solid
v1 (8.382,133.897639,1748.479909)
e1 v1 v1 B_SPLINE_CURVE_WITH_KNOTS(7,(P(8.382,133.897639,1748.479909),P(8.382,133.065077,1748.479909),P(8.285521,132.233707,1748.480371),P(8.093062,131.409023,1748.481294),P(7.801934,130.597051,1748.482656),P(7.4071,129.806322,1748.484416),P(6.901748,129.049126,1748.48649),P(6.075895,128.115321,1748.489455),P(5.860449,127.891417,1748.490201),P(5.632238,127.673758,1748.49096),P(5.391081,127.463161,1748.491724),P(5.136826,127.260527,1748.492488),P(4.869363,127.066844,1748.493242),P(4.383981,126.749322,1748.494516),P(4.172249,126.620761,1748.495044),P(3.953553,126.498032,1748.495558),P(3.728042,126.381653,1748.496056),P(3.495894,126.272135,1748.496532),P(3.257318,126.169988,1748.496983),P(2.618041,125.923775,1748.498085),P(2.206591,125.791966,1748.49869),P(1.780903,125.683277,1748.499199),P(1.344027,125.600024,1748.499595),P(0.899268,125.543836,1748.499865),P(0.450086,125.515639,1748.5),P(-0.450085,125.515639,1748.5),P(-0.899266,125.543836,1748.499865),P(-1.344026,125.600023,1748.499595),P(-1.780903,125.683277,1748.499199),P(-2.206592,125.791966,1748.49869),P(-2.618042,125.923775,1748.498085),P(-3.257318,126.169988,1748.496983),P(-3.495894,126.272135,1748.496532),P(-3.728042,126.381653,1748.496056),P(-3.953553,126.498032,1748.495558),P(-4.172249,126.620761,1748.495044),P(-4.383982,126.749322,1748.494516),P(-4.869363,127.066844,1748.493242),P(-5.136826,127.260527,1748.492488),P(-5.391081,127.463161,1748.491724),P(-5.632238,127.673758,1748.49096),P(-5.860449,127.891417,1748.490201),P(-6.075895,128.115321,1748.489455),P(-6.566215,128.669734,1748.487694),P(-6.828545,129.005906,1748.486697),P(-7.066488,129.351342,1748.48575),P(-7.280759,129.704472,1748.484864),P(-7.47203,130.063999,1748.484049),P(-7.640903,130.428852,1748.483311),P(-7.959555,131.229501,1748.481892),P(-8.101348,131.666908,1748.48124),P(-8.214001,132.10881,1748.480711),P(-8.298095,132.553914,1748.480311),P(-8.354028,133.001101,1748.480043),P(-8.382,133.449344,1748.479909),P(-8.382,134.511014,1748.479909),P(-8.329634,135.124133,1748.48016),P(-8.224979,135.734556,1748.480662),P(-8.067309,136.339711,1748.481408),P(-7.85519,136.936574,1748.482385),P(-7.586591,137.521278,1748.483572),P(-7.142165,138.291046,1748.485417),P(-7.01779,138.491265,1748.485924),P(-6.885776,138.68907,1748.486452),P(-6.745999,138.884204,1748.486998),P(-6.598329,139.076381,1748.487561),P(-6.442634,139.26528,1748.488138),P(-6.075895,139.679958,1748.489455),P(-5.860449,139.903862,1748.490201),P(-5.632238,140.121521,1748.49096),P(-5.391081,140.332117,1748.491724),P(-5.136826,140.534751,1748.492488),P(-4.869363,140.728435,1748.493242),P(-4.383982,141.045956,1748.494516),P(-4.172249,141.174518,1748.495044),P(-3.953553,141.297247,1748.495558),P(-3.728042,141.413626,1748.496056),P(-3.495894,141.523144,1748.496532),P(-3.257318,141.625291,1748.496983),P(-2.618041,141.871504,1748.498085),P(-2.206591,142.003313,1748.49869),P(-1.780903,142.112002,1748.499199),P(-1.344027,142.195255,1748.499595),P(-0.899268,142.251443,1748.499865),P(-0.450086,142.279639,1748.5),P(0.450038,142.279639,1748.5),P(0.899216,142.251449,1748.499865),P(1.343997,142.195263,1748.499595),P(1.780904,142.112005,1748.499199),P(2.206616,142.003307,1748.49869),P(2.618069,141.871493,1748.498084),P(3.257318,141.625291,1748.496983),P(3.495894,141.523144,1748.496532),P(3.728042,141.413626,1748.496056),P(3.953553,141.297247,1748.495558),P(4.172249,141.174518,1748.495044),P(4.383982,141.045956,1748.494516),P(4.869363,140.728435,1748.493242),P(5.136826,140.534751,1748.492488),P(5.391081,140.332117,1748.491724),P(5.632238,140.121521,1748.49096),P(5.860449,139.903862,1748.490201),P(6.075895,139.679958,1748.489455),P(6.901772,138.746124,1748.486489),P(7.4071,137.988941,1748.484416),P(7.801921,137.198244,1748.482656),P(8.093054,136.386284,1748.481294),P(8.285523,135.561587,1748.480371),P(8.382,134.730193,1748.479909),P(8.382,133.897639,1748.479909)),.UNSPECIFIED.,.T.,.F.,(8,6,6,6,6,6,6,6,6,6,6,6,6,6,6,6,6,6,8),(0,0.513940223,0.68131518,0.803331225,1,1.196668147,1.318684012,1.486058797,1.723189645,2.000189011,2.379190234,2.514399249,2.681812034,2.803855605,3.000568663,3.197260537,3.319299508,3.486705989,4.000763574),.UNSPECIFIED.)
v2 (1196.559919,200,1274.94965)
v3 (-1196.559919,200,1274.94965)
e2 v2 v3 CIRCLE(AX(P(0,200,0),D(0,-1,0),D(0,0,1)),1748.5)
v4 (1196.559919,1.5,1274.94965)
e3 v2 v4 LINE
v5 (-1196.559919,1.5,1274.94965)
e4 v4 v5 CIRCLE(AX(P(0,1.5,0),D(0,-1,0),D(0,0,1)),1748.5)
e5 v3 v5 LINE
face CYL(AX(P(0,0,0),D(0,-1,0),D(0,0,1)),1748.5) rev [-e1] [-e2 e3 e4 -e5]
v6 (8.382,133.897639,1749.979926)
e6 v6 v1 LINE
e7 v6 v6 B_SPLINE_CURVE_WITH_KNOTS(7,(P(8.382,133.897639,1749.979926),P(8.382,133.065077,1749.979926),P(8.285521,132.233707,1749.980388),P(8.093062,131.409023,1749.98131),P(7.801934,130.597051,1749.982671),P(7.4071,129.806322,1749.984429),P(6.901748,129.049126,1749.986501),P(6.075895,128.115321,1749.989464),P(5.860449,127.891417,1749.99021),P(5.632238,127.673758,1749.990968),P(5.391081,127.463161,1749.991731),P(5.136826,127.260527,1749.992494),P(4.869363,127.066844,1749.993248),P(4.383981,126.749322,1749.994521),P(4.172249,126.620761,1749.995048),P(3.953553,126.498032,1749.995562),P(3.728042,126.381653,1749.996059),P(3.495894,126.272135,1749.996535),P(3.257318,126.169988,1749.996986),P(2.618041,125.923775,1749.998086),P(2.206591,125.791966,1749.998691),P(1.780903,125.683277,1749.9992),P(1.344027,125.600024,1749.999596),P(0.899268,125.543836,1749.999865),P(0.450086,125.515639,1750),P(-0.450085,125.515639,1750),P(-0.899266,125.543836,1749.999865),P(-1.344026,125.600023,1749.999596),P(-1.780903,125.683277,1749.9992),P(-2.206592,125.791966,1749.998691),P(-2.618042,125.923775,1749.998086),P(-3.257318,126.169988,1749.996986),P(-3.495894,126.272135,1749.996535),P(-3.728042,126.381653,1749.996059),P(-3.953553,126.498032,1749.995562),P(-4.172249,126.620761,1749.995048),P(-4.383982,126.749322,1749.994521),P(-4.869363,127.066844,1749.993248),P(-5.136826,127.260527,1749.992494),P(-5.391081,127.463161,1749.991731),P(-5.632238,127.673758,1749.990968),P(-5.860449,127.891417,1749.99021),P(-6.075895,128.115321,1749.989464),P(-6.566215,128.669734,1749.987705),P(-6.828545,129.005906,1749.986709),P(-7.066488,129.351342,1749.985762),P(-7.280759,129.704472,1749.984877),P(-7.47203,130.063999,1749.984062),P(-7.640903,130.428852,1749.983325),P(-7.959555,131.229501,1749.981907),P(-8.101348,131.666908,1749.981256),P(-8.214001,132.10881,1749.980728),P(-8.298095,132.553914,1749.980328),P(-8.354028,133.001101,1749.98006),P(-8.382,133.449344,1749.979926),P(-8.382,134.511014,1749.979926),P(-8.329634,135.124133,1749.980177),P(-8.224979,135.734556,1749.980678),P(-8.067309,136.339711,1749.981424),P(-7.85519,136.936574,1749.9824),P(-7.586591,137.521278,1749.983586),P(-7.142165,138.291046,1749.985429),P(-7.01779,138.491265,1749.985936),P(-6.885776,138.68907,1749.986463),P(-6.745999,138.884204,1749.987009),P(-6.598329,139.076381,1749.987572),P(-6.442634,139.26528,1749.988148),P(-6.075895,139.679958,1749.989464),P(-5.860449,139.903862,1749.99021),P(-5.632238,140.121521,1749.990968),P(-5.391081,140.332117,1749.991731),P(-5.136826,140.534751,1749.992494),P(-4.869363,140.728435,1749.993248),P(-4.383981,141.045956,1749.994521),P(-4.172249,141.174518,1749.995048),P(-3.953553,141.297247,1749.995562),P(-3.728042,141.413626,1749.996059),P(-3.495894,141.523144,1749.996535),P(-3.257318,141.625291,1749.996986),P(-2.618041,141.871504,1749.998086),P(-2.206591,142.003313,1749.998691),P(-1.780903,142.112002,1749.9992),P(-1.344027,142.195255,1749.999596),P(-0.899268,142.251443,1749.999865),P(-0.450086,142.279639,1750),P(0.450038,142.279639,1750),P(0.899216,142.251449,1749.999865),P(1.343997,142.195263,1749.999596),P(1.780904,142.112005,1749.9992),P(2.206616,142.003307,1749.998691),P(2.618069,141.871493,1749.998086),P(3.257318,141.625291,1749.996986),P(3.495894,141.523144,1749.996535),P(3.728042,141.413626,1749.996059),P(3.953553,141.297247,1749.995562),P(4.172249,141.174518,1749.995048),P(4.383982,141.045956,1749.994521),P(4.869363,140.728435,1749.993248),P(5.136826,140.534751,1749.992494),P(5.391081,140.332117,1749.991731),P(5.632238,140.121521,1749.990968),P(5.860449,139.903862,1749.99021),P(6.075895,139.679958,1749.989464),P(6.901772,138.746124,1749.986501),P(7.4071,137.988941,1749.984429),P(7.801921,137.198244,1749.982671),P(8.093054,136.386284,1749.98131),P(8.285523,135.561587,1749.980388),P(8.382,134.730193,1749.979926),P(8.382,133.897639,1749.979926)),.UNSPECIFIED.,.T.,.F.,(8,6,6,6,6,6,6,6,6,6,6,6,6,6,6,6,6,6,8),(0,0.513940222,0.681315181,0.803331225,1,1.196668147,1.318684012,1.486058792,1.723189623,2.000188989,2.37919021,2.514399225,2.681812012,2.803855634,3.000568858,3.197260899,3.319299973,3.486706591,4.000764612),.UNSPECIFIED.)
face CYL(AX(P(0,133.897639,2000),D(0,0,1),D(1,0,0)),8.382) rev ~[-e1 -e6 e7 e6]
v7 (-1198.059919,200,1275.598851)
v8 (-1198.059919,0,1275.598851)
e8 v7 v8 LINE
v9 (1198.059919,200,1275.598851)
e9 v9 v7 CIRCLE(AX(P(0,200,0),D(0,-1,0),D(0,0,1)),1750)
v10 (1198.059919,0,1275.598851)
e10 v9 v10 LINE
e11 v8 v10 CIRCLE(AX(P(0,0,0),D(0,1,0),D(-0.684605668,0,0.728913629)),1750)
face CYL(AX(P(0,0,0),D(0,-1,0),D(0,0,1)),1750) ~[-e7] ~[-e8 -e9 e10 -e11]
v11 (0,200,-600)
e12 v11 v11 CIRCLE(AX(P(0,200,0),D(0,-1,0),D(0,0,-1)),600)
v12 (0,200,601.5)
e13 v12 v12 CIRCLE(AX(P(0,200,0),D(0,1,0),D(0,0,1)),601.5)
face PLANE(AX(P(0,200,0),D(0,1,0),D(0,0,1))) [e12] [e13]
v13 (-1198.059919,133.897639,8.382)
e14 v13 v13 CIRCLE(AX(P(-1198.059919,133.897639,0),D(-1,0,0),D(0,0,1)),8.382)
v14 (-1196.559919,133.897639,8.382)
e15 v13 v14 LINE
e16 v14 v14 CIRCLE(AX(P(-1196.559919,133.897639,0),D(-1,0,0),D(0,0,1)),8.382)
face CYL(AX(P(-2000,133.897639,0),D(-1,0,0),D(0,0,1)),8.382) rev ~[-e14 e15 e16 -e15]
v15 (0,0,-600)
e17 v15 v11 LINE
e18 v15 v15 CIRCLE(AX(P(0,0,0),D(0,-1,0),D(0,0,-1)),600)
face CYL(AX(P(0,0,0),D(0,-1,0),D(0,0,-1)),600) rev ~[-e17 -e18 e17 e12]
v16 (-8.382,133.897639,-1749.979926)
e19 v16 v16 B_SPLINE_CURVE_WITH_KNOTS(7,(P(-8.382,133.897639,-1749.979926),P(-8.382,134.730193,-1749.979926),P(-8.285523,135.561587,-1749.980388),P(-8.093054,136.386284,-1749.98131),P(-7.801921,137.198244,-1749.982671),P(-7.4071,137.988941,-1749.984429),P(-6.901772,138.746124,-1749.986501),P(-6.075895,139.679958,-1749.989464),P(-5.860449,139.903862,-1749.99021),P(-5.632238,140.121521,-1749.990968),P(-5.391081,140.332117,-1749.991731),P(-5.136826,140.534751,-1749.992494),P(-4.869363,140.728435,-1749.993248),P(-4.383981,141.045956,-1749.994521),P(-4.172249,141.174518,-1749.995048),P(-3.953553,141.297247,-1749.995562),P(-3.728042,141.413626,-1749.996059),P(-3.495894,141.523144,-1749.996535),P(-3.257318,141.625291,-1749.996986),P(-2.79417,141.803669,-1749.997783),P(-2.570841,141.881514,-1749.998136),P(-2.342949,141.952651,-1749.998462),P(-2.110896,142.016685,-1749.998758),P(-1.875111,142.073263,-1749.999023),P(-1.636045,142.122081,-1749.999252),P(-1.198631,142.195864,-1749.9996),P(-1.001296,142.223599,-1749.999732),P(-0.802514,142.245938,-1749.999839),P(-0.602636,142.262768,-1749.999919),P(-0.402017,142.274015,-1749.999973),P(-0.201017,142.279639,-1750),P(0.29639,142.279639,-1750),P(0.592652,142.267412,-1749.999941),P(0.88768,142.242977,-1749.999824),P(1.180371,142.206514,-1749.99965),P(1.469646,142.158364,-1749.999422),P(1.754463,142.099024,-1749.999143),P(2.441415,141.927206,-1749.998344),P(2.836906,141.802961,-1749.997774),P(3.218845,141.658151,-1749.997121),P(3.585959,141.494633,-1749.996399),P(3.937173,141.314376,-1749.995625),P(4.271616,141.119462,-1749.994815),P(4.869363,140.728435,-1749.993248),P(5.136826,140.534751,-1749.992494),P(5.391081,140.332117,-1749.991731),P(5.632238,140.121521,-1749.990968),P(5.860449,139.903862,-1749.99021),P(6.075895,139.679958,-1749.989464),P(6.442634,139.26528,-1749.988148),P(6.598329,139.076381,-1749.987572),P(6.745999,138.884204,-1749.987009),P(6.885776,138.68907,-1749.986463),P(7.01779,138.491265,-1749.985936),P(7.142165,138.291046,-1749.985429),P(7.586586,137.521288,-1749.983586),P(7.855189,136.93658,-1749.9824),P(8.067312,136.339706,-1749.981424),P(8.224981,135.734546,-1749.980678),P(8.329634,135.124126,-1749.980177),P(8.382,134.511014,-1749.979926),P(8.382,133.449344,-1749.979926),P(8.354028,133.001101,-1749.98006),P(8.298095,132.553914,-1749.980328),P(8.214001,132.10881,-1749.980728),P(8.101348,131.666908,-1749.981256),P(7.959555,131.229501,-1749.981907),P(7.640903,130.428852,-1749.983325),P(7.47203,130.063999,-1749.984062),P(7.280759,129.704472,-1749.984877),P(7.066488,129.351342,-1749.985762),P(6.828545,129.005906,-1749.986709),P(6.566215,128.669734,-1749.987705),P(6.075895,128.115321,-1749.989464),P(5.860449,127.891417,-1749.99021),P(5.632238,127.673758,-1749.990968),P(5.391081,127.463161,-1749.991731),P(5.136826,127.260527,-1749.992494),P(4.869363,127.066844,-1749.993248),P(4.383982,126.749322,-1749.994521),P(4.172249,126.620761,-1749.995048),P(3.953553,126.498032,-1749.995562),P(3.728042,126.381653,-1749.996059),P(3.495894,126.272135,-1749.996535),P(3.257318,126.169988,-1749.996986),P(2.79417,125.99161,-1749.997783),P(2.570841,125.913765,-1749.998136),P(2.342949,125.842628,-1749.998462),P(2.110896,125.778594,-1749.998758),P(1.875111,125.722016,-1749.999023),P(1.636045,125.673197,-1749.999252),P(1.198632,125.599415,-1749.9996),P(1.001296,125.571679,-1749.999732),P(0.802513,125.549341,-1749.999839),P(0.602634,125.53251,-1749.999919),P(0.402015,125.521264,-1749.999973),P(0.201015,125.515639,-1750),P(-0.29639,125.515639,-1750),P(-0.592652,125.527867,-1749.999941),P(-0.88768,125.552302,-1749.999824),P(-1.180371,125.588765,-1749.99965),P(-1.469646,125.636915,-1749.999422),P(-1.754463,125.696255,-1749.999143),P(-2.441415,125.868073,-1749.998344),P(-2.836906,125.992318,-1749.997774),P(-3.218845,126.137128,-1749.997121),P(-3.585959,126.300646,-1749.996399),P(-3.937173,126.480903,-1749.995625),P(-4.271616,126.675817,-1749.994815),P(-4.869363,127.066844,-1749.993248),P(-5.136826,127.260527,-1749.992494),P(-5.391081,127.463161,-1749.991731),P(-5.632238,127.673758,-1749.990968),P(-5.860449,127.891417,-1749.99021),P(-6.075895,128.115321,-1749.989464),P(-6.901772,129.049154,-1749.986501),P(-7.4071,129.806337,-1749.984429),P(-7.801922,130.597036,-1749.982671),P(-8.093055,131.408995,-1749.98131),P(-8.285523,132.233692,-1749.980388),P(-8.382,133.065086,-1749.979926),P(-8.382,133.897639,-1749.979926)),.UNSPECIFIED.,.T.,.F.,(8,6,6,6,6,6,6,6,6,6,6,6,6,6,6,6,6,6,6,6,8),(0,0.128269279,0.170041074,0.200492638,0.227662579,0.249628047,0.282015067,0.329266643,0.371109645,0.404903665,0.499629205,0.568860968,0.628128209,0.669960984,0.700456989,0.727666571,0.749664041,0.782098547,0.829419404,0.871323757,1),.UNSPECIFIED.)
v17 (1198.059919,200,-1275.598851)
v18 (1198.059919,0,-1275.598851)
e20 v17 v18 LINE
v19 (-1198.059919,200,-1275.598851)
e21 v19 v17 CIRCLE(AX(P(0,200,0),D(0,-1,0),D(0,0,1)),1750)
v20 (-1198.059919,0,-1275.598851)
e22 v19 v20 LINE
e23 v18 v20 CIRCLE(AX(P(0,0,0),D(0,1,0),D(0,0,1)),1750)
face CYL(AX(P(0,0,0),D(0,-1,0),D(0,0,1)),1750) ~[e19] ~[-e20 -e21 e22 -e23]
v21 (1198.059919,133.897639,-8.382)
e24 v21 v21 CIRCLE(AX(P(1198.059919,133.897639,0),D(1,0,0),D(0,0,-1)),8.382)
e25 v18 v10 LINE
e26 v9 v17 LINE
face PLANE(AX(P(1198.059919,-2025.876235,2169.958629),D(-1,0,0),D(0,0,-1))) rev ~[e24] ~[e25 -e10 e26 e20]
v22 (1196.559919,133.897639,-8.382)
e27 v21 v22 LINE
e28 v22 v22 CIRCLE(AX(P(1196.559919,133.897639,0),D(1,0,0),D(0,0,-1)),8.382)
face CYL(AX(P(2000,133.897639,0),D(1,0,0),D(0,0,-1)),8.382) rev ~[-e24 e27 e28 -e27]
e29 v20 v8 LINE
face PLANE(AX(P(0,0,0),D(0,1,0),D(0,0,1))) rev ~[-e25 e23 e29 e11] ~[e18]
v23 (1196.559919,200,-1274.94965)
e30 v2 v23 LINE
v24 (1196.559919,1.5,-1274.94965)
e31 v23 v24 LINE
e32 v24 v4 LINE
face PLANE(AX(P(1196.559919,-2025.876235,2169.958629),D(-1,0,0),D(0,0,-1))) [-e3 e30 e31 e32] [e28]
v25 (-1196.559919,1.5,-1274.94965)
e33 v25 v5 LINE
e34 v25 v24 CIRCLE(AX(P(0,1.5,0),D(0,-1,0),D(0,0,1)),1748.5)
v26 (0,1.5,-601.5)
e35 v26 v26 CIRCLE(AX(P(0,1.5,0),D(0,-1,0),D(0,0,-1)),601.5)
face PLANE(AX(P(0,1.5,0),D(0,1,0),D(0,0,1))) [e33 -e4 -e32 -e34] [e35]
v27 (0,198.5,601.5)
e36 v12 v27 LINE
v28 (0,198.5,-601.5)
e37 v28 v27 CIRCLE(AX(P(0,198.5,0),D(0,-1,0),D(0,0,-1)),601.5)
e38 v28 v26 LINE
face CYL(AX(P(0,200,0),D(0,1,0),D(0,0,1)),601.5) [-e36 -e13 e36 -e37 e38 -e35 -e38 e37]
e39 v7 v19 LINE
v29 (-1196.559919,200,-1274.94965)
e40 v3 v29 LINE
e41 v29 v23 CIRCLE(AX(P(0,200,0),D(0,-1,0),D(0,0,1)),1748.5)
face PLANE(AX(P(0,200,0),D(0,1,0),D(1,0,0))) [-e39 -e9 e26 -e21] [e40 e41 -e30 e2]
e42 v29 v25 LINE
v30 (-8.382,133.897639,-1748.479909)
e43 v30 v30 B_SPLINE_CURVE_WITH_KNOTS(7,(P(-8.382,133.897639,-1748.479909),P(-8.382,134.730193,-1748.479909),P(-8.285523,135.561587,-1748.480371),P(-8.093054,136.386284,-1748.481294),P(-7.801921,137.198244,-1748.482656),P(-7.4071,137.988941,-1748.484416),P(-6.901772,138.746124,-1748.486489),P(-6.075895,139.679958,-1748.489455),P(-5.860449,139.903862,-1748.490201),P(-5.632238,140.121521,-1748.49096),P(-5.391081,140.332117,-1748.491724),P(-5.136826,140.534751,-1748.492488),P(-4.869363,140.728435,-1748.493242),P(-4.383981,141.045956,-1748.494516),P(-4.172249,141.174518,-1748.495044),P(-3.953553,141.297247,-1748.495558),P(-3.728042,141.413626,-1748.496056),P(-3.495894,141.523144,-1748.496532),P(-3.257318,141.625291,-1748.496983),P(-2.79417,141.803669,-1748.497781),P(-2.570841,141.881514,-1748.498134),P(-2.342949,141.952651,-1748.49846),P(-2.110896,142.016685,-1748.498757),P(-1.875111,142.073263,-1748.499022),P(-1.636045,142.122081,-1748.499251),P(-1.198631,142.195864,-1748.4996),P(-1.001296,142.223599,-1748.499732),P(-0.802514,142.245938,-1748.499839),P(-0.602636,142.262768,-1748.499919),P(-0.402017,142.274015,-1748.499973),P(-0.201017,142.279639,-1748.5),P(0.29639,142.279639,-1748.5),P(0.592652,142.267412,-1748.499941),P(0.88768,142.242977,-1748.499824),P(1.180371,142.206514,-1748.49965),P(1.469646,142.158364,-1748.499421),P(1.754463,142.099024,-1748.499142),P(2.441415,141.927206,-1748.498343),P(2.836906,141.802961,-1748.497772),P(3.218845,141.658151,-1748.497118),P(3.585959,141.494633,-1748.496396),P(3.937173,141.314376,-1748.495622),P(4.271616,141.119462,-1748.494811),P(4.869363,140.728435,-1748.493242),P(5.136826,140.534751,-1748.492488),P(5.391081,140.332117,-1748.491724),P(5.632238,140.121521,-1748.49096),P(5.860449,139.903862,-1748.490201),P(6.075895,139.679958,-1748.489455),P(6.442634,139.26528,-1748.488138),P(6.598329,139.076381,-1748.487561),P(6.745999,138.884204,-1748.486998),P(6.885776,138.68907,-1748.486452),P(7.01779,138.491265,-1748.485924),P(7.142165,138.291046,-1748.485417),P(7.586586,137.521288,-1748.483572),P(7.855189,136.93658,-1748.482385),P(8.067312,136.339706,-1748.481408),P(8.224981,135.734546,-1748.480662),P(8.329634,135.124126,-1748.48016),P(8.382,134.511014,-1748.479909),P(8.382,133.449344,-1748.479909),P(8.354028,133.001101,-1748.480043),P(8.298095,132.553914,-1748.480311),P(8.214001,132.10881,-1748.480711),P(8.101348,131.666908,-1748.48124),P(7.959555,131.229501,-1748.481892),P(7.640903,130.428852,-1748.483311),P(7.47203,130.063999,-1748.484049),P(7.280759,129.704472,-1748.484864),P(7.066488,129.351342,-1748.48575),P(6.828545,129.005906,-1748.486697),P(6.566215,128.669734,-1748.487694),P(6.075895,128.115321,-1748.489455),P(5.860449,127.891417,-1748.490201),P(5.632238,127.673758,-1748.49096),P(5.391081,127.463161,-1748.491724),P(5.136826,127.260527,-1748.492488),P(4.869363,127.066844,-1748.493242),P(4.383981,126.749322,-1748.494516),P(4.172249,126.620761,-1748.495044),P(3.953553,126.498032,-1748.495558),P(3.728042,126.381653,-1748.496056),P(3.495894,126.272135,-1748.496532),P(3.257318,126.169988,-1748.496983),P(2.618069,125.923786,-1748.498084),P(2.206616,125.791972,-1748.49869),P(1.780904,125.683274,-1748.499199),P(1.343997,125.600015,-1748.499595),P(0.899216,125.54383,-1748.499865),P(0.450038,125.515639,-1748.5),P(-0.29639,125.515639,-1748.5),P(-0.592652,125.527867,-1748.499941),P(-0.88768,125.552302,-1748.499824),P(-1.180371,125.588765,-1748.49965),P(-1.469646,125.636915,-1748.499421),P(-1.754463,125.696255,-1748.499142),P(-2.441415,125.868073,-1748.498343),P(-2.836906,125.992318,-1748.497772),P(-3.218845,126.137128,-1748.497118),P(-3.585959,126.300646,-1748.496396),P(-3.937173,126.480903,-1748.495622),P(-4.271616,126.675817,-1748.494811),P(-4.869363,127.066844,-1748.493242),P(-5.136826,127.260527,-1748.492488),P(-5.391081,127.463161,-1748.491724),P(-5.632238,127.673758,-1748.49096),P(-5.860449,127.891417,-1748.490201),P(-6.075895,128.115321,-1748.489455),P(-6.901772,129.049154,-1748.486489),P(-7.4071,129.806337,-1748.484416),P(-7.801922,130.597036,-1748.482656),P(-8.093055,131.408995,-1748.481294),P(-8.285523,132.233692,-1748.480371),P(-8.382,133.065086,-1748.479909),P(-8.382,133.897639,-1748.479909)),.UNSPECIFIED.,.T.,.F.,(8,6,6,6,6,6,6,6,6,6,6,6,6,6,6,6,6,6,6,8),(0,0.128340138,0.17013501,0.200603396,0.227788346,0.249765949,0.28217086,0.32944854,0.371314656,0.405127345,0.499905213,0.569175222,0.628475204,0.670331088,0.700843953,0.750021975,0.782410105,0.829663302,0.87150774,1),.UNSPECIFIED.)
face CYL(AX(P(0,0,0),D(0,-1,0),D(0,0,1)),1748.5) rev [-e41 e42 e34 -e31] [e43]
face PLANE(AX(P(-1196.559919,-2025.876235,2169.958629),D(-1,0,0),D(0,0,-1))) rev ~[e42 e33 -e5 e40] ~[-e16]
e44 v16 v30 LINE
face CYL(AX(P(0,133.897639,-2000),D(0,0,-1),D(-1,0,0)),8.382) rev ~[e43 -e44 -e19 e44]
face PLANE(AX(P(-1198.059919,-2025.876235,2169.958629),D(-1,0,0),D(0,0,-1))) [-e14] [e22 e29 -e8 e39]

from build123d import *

# Parameters (mm, degrees)
SKETCH1_R                = 1750
BOSS_EXTRUDE1_DEPTH      = 500
SKETCH2_R                = 900
CUT_EXTRUDE2_DEPTH       = 300
CUT_EXTRUDE10_DEPTH      = 2525.8762345905193
CUT_EXTRUDE10_DEPTH_BACK = 2525.8762345905193
SKETCH10_W               = 4401.176040259436
SKETCH10_H               = 5623.086471134002
SKETCH10_W_2             = 2396.1198389626156
SKETCH10_H_2             = 4339.917258657096
SKETCH3_R                = 600.0000000000001
CUT_EXTRUDE3_DEPTH       = 300
SHELL1_T                 = -1.5
SKETCH11_W               = 3093.3575823896363
SKETCH11_H               = 4860.990486612289
CUT_EXTRUDE11_DEPTH      = 2142.9261356703128
SKETCH7_R                = 8.382000000000005
CUT_EXTRUDE6_DEPTH       = 900
CIRPATTERN1_COUNT        = 4
SKETCH13_R               = 901.5
SKETCH13_R_2             = 601.5
CUT_EXTRUDE14_DEPTH      = 10


with BuildPart() as part:
    # Sketch1 → Boss-Extrude1 (new body)
    with BuildSketch(Plane(origin=(0, 0, 0), x_dir=(1, 0, 0), z_dir=(0, 1, 0))):
        with Locations(Location((0, 0, 0), (0, 0, 270))):
            Circle(SKETCH1_R)
    extrude(amount=BOSS_EXTRUDE1_DEPTH)

    # Sketch2 → Cut-Extrude2 (cut)
    with BuildSketch(Plane(origin=(0, 500, 0), x_dir=(1, 0, 0), z_dir=(0, 1, 0))):
        with Locations(Location((0, 0, 0), (0, 0, 270))):
            Circle(SKETCH2_R)
    extrude(amount=-CUT_EXTRUDE2_DEPTH, mode=Mode.SUBTRACT)

    # Sketch10 → Cut-Extrude10 (cut, two sides: drawn at the far end of the back side and taken through both)
    with BuildSketch(Plane(origin=(0, 500, 0), x_dir=(1, 0, 0), z_dir=(0, 1, 0)).offset(-CUT_EXTRUDE10_DEPTH_BACK)):
        Rectangle(SKETCH10_W, SKETCH10_H)
        Rectangle(SKETCH10_W_2, SKETCH10_H_2, mode=Mode.SUBTRACT)
    extrude(amount=CUT_EXTRUDE10_DEPTH + CUT_EXTRUDE10_DEPTH_BACK, mode=Mode.SUBTRACT)

    # Sketch3 → Cut-Extrude3 (cut)
    with BuildSketch(Plane.XZ):
        with Locations(Location((0, 0, 0), (0, 0, 270))):
            Circle(SKETCH3_R)
    extrude(amount=-CUT_EXTRUDE3_DEPTH, mode=Mode.SUBTRACT)

    # Shell1
    shell1_openings = [part.faces().sort_by_distance(p)[0] for p in [
        (-1155.643660473, 500, 0),
    ]]
    offset(amount=SHELL1_T, openings=shell1_openings, kind=Kind.INTERSECTION)

    # Sketch11 → Cut-Extrude11 (cut, through all)
    with BuildSketch(Plane(origin=(0, 200, 0), x_dir=(1, 0, 0), z_dir=(0, 1, 0))):
        Rectangle(SKETCH11_W, SKETCH11_H)
    extrude(amount=CUT_EXTRUDE11_DEPTH, mode=Mode.SUBTRACT)

    # Sketch7 → Cut-Extrude6 (cut)
    with BuildSketch(Plane.XY.offset(2000)):
        with Locations((0, 133.89763942289122)):
            Circle(SKETCH7_R)
    cut_extrude6 = extrude(amount=-CUT_EXTRUDE6_DEPTH, mode=Mode.SUBTRACT)

    # CirPattern1: Cut-Extrude6 ×4 about axis
    cirpattern1_axis = Axis((0, 500, 0), (0, -1, 0))
    for i in range(1, CIRPATTERN1_COUNT):
        add(cut_extrude6.rotate(cirpattern1_axis, i * 360 / CIRPATTERN1_COUNT), mode=Mode.SUBTRACT)

    # Sketch13 → Cut-Extrude14 (cut)
    with BuildSketch(Plane(origin=(0, 200, 0), x_dir=(1, 0, 0), z_dir=(0, 1, 0))):
        Circle(SKETCH13_R)
        with Locations(Location((0, 0, 0), (0, 0, 270))):
            Circle(SKETCH13_R_2, mode=Mode.SUBTRACT)
    extrude(amount=-CUT_EXTRUDE14_DEPTH, mode=Mode.SUBTRACT)


solid = part.part
